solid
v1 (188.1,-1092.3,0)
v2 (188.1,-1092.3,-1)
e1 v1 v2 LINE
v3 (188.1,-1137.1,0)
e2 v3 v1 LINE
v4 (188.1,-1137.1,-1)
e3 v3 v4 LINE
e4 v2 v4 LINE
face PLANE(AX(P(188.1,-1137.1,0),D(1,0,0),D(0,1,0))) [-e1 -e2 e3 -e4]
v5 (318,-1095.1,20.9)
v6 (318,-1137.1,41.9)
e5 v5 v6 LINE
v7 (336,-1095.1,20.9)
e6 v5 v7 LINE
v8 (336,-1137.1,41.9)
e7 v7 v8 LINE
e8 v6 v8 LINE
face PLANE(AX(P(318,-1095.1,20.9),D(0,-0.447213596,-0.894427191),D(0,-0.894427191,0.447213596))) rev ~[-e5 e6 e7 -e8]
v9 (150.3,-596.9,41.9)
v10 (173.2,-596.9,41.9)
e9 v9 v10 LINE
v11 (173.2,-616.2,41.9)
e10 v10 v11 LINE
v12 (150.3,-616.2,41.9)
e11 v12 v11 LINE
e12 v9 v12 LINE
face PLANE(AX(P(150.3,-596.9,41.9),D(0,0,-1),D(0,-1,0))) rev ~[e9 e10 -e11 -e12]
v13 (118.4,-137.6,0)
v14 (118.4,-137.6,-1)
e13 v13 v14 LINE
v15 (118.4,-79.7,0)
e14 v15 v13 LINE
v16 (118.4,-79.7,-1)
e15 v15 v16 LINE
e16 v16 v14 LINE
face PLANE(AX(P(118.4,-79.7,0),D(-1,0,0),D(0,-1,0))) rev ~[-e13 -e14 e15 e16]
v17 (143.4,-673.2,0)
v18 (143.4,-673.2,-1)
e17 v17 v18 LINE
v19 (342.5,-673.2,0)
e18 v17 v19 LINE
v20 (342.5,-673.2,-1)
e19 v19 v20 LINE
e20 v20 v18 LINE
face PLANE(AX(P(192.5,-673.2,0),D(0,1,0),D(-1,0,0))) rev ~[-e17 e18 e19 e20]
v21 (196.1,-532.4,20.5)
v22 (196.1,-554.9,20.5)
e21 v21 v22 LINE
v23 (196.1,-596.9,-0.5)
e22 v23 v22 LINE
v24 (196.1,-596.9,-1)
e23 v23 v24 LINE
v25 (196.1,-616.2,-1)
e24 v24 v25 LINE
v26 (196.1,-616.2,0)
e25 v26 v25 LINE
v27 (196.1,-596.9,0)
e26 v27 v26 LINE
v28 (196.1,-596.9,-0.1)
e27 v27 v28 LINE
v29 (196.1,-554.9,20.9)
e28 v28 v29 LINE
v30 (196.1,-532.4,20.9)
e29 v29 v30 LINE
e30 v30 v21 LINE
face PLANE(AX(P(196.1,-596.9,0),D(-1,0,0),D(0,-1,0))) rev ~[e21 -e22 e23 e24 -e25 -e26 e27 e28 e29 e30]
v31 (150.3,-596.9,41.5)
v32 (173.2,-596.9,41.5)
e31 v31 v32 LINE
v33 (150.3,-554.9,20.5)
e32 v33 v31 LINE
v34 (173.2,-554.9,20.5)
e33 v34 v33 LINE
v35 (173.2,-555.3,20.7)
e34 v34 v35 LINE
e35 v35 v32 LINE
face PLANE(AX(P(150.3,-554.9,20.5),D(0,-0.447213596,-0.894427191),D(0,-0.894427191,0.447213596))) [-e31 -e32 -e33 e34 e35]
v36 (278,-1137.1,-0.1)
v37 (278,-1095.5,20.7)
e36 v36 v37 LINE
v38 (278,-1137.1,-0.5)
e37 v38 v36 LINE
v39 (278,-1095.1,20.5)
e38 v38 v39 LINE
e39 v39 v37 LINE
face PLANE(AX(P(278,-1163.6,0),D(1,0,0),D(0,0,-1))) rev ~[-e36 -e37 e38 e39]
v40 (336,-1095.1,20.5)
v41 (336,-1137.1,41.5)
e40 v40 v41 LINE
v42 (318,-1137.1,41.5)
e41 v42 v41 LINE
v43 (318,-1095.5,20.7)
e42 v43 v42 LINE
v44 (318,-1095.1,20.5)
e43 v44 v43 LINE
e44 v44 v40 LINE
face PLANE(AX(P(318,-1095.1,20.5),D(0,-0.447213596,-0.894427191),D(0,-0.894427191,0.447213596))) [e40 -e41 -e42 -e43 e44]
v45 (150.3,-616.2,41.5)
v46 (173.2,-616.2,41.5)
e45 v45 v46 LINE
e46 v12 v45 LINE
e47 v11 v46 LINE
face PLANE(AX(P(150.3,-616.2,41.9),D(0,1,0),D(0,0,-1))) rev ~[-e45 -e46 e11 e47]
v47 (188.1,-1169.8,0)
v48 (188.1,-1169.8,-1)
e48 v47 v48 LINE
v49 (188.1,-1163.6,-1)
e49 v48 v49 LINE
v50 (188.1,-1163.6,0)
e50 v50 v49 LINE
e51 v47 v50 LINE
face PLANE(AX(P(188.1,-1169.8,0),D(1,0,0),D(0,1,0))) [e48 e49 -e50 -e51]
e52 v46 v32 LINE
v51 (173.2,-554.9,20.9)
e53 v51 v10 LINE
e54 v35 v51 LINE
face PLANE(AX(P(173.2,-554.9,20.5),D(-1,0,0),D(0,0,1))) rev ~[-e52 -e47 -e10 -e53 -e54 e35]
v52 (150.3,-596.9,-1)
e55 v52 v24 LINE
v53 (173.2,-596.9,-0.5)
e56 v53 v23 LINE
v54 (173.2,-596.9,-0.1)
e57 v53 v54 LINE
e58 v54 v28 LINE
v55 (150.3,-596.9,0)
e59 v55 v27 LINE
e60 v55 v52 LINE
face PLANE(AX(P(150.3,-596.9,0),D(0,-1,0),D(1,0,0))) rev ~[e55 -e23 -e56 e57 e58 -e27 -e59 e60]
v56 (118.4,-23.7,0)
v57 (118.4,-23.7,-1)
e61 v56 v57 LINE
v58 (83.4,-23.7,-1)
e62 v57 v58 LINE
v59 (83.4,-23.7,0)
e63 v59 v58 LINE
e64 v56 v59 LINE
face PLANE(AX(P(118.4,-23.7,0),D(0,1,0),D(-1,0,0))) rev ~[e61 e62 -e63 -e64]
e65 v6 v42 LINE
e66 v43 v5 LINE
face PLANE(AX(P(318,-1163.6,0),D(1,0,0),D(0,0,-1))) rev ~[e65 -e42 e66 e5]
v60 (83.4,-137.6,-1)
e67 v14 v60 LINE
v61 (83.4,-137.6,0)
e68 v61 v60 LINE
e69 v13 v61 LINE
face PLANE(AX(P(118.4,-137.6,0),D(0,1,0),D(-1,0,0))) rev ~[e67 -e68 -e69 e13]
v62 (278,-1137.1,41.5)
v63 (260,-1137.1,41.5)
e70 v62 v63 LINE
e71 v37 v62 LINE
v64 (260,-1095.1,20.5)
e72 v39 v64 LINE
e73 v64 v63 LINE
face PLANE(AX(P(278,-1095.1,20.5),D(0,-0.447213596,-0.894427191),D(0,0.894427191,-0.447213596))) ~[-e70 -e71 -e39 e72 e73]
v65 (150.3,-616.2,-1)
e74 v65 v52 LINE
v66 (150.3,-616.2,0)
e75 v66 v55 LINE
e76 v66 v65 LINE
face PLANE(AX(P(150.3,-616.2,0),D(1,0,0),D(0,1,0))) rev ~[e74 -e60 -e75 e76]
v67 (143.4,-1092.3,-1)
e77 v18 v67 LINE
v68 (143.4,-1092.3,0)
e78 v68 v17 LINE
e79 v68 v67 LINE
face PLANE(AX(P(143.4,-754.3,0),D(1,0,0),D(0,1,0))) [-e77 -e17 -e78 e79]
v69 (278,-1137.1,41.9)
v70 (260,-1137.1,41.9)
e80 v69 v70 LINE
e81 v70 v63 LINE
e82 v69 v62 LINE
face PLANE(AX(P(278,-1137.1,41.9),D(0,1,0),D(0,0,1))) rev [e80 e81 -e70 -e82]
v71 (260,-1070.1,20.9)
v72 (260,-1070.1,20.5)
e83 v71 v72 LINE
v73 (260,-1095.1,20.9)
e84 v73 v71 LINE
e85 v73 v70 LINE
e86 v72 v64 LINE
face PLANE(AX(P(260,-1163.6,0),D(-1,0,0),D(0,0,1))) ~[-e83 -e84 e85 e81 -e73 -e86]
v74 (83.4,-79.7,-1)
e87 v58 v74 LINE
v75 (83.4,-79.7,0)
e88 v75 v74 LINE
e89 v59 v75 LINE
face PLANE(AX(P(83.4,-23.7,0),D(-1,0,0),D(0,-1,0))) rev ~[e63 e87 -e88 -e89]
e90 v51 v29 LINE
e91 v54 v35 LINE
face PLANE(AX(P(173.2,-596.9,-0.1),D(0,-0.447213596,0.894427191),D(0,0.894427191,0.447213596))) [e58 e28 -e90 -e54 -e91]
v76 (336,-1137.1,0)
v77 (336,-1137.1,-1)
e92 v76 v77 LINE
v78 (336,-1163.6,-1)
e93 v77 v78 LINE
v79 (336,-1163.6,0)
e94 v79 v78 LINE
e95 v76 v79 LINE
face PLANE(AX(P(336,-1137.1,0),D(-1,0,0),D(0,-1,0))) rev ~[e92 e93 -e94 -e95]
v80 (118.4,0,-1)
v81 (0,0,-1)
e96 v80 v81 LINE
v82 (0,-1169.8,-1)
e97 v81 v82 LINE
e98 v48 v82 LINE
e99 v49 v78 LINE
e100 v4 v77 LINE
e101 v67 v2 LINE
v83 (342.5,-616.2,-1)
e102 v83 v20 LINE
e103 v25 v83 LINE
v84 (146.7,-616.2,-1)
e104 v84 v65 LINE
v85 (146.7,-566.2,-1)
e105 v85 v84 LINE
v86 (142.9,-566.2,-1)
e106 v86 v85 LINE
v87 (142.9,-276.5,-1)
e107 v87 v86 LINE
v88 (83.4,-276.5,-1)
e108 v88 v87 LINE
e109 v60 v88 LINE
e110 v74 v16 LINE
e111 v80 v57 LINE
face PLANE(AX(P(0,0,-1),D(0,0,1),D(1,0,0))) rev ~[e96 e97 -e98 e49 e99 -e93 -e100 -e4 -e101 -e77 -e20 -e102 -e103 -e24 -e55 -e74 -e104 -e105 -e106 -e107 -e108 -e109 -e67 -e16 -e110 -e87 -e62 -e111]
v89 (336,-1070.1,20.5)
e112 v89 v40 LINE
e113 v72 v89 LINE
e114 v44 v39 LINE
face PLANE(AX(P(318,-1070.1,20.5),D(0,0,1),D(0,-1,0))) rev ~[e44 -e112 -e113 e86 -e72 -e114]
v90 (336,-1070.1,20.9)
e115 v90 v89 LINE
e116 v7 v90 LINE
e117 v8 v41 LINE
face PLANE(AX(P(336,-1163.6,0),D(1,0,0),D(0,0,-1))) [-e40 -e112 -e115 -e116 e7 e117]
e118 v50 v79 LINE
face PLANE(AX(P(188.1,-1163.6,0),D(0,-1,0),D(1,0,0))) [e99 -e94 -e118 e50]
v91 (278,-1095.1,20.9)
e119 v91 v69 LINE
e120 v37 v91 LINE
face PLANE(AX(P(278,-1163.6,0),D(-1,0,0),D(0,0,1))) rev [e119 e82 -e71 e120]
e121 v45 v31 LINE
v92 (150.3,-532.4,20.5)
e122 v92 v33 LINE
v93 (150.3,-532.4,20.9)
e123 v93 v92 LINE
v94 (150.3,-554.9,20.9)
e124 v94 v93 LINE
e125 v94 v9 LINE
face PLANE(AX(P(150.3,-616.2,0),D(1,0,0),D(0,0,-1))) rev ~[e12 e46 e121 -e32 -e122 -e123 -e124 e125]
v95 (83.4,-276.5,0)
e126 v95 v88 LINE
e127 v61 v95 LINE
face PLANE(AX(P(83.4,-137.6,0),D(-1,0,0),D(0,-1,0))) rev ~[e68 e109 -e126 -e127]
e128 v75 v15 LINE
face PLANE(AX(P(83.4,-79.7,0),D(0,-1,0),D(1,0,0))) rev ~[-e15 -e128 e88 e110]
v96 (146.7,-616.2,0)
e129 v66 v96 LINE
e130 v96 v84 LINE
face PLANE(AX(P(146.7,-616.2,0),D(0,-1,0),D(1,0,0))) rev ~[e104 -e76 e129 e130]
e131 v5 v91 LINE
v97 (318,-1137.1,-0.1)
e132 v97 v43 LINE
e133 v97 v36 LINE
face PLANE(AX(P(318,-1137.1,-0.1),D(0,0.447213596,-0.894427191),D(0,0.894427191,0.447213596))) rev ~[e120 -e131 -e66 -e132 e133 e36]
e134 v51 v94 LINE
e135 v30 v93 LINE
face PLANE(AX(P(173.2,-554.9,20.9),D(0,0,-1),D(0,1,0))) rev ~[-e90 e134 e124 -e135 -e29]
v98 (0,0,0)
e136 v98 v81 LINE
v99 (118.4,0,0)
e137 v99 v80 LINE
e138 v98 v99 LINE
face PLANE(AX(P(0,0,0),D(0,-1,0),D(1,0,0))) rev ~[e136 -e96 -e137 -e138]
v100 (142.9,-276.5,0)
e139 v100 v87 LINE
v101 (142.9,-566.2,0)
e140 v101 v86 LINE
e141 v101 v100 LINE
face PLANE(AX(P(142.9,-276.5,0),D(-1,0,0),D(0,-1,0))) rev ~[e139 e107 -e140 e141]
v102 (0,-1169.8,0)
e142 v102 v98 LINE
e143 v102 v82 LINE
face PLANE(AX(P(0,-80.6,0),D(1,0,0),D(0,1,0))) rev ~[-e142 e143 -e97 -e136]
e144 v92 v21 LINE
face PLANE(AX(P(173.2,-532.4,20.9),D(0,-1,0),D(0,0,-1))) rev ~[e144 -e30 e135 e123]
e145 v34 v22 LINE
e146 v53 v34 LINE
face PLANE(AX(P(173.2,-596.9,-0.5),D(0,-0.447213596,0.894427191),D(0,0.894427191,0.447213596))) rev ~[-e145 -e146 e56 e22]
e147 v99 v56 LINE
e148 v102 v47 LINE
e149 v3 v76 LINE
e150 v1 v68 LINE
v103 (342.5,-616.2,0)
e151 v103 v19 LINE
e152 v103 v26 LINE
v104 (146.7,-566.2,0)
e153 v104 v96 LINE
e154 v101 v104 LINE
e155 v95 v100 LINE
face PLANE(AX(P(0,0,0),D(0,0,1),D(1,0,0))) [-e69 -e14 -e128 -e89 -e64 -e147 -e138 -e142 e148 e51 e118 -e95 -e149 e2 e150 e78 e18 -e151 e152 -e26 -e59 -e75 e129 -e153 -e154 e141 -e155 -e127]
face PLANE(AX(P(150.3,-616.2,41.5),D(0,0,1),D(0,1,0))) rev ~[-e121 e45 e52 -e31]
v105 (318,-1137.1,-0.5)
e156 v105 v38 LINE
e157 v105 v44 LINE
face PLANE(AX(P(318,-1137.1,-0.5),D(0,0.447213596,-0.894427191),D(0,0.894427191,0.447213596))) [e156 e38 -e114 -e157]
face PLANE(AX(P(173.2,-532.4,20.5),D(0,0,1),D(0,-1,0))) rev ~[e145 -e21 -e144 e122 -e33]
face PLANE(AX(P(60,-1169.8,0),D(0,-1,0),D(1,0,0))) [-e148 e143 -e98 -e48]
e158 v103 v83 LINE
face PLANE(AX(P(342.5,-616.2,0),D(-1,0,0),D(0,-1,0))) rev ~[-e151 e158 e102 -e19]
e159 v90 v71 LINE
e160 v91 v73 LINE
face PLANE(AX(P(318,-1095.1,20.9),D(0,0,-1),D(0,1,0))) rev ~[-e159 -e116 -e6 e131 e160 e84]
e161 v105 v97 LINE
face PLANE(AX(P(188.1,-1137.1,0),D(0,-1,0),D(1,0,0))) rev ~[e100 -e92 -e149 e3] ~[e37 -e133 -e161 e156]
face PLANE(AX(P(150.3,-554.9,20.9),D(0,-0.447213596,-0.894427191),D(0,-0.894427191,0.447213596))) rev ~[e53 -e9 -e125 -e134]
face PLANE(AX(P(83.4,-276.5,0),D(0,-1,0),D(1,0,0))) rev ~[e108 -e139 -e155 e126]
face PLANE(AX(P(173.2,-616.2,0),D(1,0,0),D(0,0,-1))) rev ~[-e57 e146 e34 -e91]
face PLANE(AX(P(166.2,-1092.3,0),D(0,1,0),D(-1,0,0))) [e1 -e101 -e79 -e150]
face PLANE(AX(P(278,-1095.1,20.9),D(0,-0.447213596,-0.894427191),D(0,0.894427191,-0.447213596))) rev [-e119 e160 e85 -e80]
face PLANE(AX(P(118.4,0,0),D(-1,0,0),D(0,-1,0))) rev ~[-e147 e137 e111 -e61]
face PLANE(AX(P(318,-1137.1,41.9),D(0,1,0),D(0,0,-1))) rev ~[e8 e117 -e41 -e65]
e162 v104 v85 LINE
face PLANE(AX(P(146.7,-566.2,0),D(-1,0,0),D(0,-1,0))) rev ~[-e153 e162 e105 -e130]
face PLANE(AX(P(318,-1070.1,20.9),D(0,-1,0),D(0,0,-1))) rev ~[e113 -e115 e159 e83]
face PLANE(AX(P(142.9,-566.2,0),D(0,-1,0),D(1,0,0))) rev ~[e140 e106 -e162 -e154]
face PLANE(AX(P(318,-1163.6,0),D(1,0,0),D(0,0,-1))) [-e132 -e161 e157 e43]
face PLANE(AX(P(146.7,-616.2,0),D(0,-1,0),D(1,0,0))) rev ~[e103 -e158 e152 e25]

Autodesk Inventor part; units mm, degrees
ref_plane "工作平面1" through (0, 0, 0) normal (0, 0, 1) x (1, 0, 0)
sketch "草图1" plane through (0, 0, 0) normal (0, 0, 1) x (1, 0, 0)
  line L0 (0, 0) -> (60, 0)
  line L1 (60, 0) -> (60, -1169.8)
  line L2 (60, -1169.8) -> (0, -1169.8)
  line L3 (0, -1169.8) -> (0, 0)
  line L4 (0, -80.6) -> (60, -80.6)
  line L5 (0, -191.9) -> (60, -191.9)
  line L6 (0, -276.5) -> (60, -276.5)
  line L7 (0, -335.9) -> (60, -335.9)
  line L8 (0, -420.6) -> (60, -420.6)
  line L9 (0, -550.6) -> (60, -550.6)
  line L10 (0, -677.8) -> (60, -677.8)
  line L11 (0, -782.9) -> (60, -782.9)
  line L12 (0, -839.5) -> (60, -839.5)
  line L13 (0, -923.6) -> (60, -923.6)
  line L14 (0, -1007.7) -> (60, -1007.7)
  line L15 (0, -1091.2) -> (60, -1091.2)
  line L16 (60, 0) -> (118.4, 0)
  line L17 (118.4, 0) -> (118.4, -23.7)
  line L18 (118.4, -23.7) -> (83.4, -23.7)
  line L19 (83.4, -23.7) -> (83.4, -79.7)
  line L20 (83.4, -79.7) -> (118.4, -79.7)
  line L21 (118.4, -79.7) -> (118.4, -137.6)
  line L22 (118.4, -137.6) -> (83.4, -137.6)
  line L23 (83.4, -137.6) -> (83.4, -276.5)
  line L24 (83.4, -276.5) -> (142.9, -276.5)
  line L25 (142.9, -276.5) -> (142.9, -379.5)
  line L26 (83.4, -276.5) -> (83.4, -379.5)
  line L27 (83.4, -379.5) -> (142.9, -379.5)
  line L28 (142.9, -379.5) -> (142.9, -463)
  line L29 (142.9, -463) -> (83.4, -463)
  line L30 (83.4, -463) -> (83.4, -379.5)
  line L31 (142.9, -463) -> (142.9, -566.2)
  line L32 (142.9, -566.2) -> (83.4, -566.2)
  line L33 (83.4, -566.2) -> (83.4, -463)
  line L34 (142.9, -566.2) -> (146.7, -566.2)
  line L35 (146.7, -566.2) -> (146.7, -616.2)
  line L36 (146.7, -616.2) -> (192.5, -616.2)
  line L37 (192.5, -616.2) -> (192.5, -673.2)
  line L38 (192.5, -616.2) -> (342.5, -616.2)
  line L39 (342.5, -616.2) -> (342.5, -673.2)
  line L40 (342.5, -673.2) -> (143.4, -673.2)
  line L41 (143.4, -673.2) -> (83.4, -673.2)
  line L42 (83.4, -673.2) -> (83.4, -1092.3)
  line L43 (83.4, -1092.3) -> (143.4, -1092.3)
  line L44 (143.4, -1092.3) -> (143.4, -673.2)
  line L45 (83.4, -754.3) -> (143.4, -754.3)
  line L46 (143.4, -837.8) -> (83.4, -837.8)
  line L47 (83.4, -893.6) -> (143.4, -893.6)
  line L48 (143.4, -978.3) -> (83.4, -978.3)
  line L49 (60, -1169.8) -> (188.1, -1169.8)
  line L50 (188.1, -1169.8) -> (188.1, -1092.3)
  line L51 (188.1, -1092.3) -> (143.4, -1092.3)
  line L52 (83.4, -1092.3) -> (83.4, -1117.3)
  line L53 (83.4, -1117.3) -> (188.1, -1117.3)
  line L54 (98.6, -1092.3) -> (98.6, -1117.3)
  line L55 (114.5, -1092.3) -> (114.5, -1117.3)
  line L56 (143.4, -1092.3) -> (143.4, -1117.3)
  line L57 (166.2, -1092.3) -> (166.2, -1117.3)
  line L58 (188.1, -1163.6) -> (336, -1163.6)
  line L59 (188.1, -1137.1) -> (336, -1137.1)
  line L60 (336, -1137.1) -> (336, -1163.6)
  dimension "d1" = 60
  dimension "d2" = 80.6
  dimension "d3" = 111.3
  dimension "d4" = 84.6
  dimension "d5" = 59.4
  dimension "d6" = 84.7
  dimension "d7" = 130
  dimension "d8" = 127.2
  dimension "d9" = 105.1
  dimension "d10" = 56.6
  dimension "d11" = 84.1
  dimension "d12" = 84.1
  dimension "d13" = 83.5
  dimension "d14" = 78.6
  dimension "d15" = 58.4
  dimension "d16" = 23.7
  dimension "d17" = 35
  dimension "d18" = 56
  dimension "d19" = 57.9
  dimension "d20" = 35
  dimension "d21" = 138.9
  dimension "d22" = 59.5
  dimension "d23" = 103
  dimension "d24" = 83.5
  dimension "d25" = 103.2
  dimension "d26" = 59.5
  dimension "d27" = 3.8
  dimension "d28" = 50
  dimension "d29" = 45.8
  dimension "d30" = 57
  dimension "d31" = 150
  dimension "d32" = 57
  dimension "d33" = 199.1
  dimension "d34" = 60
  dimension "d36" = 81.1
  dimension "d37" = 83.5
  dimension "d38" = 55.8
  dimension "d39" = 84.7
  dimension "d40" = 114
  dimension "d41" = 128.1
  dimension "d42" = 25
  dimension "d43" = 15.2
  dimension "d44" = 15.9
  dimension "d45" = 28.9
  dimension "d46" = 22.8
  dimension "d47" = 21.9
  dimension "d48" = 147.9
  dimension "d49" = 6.2
  dimension "d50" = 26.5
extrude "拉伸1" add sketch "草图1" against normal blind 1
sketch "草图2" plane through (0, 0, 0) normal (0, 0, 1) x (1, 0, 0)
  line L0 (342.5, -616.2) -> (146.7, -616.2) construction
  line L1 (342.5, -673.2) -> (342.5, -616.2) construction
  line L2 (143.4, -673.2) -> (342.5, -673.2) construction
  line L3 (146.7, -616.2) -> (146.7, -566.2) construction
  line L4 (150.3, -616.2) -> (150.3, -596.9)
  line L5 (150.3, -596.9) -> (196.1, -596.9)
  line L6 (196.1, -596.9) -> (196.1, -616.2)
  line L7 (150.3, -616.2) -> (196.1, -616.2)
  point P0 (0, 0)
  dimension "d53" = 19.3
  dimension "d54" = 45.8
  dimension "d55" = 3.6
extrude "拉伸2" add sketch "草图2" against normal up to surface (1 mm away)
ref_plane "工作平面2" through (173.2, -616.2, 0) normal (1, 0, 0) x (0, 0, -1)
sketch "草图3" plane through (173.2, -616.2, 0) normal (1, 0, 0) x (0, 0, -1)
  line L0 (0, 19.3) -> (1, 19.3) construction
  line L1 (0.5, 19.3) -> (-20.5, 61.3)
  line L2 (0.5, 19.3) -> (0.1, 19.3)
  line L3 (0.1, 19.3) -> (-20.9, 61.3)
  line L4 (-20.9, 61.3) -> (-20.5, 61.3)
  line L5 (-20.9, 61.3) -> (-20.9, 83.8)
  line L6 (-20.9, 83.8) -> (-20.5, 83.8)
  line L7 (-20.5, 83.8) -> (-20.5, 61.3)
  point P0 (0, 616.2)
  dimension "d58" = 42
  dimension "d60" = 21
  dimension "d61" = 0.4
  dimension "d64" = 22.5
extrude "拉伸3" add sketch "草图3" along normal up to surface (22.9 mm away)
extrude "拉伸4" add sketch "草图3" against normal up to surface (22.9 mm away) contours L4 L5 L6 L7
sketch "草图5" plane through (150.3, -554.9, 20.5) normal (-1, 0, 0) x (0, 0, 1)
  line L0 (0.4, 0) -> (0, 0) construction
  line L1 (0.2, 0) -> (21.2, -42) construction
  line L2 (0, 0) -> (21, -42)
  line L3 (0.4, 0) -> (0, 0)
  line L4 (0.4, 0) -> (21.4, -42)
  line L5 (21.4, -42) -> (21.2, -42)
  line L6 (21, -42) -> (21.2, -42)
  line L7 (21.4, -42) -> (21.4, -61.3)
  line L8 (21.4, -61.3) -> (21, -61.3)
  line L9 (21, -61.3) -> (21, -42)
  point P0 (-20.5, 554.9)
  dimension "d67" = 42
  dimension "d69" = 21
  dimension "d71" = 19.3
extrude "拉伸5" add sketch "草图5" against normal up to surface (22.9 mm away)
ref_plane "工作平面3" through (318, -1163.6, 0) normal (1, 0, 0) x (0, 0, -1)
sketch "草图6" plane through (318, -1163.6, 0) normal (1, 0, 0) x (0, 0, -1)
  line L0 (0, 26.5) -> (1, 26.5) construction
  line L1 (0.5, 26.5) -> (-20.5, 68.5)
  line L2 (0.5, 26.5) -> (0.1, 26.5)
  line L3 (0.1, 26.5) -> (-20.9, 68.5)
  line L4 (-20.9, 68.5) -> (-20.5, 68.5)
  line L5 (-20.9, 68.5) -> (-20.9, 93.5)
  line L6 (-20.9, 93.5) -> (-20.5, 93.5)
  line L7 (-20.5, 93.5) -> (-20.5, 68.5)
  point P0 (0, 1163.6)
  dimension "d75" = 42
  dimension "d77" = 21
  dimension "d78" = 0.4
  dimension "d79" = 25
  dimension "d80" = 0.4
extrude "拉伸6" add sketch "草图6" against normal blind 40
sketch "草图7" plane through (318, -1163.6, 0) normal (1, 0, 0) x (0, 0, -1)
  line L0 (-20.9, 93.5) -> (-20.9, 68.5) construction
  line L1 (-20.5, 68.5) -> (-20.5, 93.5) construction
  line L2 (-20.5, 93.5) -> (-20.9, 93.5) construction
  line L3 (-20.9, 93.5) -> (-20.5, 93.5)
  line L4 (-20.5, 93.5) -> (-20.5, 68.5)
  line L5 (-20.5, 68.5) -> (-20.9, 68.5)
  line L6 (-20.9, 68.5) -> (-20.9, 93.5)
  line L7 (-20.5, 68.5) -> (-41.5, 26.5)
  line L8 (-20.9, 68.5) -> (-41.9, 26.5)
  line L9 (-41.9, 26.5) -> (-41.5, 26.5)
  point P0 (0, 1163.6)
  dimension "d83" = 21
  dimension "d84" = 42
extrude "拉伸7" add sketch "草图7" along normal up to surface (18 mm away)
ref_plane "工作平面4" through (298, -1163.6, 0) normal (1, 0, 0) x (0, 0, -1)
mirror "镜像1" about plane through (298, -1163.6, 0) normal (1, 0, 0) of "拉伸7"
properties part number "LabVIEWM0.5"
